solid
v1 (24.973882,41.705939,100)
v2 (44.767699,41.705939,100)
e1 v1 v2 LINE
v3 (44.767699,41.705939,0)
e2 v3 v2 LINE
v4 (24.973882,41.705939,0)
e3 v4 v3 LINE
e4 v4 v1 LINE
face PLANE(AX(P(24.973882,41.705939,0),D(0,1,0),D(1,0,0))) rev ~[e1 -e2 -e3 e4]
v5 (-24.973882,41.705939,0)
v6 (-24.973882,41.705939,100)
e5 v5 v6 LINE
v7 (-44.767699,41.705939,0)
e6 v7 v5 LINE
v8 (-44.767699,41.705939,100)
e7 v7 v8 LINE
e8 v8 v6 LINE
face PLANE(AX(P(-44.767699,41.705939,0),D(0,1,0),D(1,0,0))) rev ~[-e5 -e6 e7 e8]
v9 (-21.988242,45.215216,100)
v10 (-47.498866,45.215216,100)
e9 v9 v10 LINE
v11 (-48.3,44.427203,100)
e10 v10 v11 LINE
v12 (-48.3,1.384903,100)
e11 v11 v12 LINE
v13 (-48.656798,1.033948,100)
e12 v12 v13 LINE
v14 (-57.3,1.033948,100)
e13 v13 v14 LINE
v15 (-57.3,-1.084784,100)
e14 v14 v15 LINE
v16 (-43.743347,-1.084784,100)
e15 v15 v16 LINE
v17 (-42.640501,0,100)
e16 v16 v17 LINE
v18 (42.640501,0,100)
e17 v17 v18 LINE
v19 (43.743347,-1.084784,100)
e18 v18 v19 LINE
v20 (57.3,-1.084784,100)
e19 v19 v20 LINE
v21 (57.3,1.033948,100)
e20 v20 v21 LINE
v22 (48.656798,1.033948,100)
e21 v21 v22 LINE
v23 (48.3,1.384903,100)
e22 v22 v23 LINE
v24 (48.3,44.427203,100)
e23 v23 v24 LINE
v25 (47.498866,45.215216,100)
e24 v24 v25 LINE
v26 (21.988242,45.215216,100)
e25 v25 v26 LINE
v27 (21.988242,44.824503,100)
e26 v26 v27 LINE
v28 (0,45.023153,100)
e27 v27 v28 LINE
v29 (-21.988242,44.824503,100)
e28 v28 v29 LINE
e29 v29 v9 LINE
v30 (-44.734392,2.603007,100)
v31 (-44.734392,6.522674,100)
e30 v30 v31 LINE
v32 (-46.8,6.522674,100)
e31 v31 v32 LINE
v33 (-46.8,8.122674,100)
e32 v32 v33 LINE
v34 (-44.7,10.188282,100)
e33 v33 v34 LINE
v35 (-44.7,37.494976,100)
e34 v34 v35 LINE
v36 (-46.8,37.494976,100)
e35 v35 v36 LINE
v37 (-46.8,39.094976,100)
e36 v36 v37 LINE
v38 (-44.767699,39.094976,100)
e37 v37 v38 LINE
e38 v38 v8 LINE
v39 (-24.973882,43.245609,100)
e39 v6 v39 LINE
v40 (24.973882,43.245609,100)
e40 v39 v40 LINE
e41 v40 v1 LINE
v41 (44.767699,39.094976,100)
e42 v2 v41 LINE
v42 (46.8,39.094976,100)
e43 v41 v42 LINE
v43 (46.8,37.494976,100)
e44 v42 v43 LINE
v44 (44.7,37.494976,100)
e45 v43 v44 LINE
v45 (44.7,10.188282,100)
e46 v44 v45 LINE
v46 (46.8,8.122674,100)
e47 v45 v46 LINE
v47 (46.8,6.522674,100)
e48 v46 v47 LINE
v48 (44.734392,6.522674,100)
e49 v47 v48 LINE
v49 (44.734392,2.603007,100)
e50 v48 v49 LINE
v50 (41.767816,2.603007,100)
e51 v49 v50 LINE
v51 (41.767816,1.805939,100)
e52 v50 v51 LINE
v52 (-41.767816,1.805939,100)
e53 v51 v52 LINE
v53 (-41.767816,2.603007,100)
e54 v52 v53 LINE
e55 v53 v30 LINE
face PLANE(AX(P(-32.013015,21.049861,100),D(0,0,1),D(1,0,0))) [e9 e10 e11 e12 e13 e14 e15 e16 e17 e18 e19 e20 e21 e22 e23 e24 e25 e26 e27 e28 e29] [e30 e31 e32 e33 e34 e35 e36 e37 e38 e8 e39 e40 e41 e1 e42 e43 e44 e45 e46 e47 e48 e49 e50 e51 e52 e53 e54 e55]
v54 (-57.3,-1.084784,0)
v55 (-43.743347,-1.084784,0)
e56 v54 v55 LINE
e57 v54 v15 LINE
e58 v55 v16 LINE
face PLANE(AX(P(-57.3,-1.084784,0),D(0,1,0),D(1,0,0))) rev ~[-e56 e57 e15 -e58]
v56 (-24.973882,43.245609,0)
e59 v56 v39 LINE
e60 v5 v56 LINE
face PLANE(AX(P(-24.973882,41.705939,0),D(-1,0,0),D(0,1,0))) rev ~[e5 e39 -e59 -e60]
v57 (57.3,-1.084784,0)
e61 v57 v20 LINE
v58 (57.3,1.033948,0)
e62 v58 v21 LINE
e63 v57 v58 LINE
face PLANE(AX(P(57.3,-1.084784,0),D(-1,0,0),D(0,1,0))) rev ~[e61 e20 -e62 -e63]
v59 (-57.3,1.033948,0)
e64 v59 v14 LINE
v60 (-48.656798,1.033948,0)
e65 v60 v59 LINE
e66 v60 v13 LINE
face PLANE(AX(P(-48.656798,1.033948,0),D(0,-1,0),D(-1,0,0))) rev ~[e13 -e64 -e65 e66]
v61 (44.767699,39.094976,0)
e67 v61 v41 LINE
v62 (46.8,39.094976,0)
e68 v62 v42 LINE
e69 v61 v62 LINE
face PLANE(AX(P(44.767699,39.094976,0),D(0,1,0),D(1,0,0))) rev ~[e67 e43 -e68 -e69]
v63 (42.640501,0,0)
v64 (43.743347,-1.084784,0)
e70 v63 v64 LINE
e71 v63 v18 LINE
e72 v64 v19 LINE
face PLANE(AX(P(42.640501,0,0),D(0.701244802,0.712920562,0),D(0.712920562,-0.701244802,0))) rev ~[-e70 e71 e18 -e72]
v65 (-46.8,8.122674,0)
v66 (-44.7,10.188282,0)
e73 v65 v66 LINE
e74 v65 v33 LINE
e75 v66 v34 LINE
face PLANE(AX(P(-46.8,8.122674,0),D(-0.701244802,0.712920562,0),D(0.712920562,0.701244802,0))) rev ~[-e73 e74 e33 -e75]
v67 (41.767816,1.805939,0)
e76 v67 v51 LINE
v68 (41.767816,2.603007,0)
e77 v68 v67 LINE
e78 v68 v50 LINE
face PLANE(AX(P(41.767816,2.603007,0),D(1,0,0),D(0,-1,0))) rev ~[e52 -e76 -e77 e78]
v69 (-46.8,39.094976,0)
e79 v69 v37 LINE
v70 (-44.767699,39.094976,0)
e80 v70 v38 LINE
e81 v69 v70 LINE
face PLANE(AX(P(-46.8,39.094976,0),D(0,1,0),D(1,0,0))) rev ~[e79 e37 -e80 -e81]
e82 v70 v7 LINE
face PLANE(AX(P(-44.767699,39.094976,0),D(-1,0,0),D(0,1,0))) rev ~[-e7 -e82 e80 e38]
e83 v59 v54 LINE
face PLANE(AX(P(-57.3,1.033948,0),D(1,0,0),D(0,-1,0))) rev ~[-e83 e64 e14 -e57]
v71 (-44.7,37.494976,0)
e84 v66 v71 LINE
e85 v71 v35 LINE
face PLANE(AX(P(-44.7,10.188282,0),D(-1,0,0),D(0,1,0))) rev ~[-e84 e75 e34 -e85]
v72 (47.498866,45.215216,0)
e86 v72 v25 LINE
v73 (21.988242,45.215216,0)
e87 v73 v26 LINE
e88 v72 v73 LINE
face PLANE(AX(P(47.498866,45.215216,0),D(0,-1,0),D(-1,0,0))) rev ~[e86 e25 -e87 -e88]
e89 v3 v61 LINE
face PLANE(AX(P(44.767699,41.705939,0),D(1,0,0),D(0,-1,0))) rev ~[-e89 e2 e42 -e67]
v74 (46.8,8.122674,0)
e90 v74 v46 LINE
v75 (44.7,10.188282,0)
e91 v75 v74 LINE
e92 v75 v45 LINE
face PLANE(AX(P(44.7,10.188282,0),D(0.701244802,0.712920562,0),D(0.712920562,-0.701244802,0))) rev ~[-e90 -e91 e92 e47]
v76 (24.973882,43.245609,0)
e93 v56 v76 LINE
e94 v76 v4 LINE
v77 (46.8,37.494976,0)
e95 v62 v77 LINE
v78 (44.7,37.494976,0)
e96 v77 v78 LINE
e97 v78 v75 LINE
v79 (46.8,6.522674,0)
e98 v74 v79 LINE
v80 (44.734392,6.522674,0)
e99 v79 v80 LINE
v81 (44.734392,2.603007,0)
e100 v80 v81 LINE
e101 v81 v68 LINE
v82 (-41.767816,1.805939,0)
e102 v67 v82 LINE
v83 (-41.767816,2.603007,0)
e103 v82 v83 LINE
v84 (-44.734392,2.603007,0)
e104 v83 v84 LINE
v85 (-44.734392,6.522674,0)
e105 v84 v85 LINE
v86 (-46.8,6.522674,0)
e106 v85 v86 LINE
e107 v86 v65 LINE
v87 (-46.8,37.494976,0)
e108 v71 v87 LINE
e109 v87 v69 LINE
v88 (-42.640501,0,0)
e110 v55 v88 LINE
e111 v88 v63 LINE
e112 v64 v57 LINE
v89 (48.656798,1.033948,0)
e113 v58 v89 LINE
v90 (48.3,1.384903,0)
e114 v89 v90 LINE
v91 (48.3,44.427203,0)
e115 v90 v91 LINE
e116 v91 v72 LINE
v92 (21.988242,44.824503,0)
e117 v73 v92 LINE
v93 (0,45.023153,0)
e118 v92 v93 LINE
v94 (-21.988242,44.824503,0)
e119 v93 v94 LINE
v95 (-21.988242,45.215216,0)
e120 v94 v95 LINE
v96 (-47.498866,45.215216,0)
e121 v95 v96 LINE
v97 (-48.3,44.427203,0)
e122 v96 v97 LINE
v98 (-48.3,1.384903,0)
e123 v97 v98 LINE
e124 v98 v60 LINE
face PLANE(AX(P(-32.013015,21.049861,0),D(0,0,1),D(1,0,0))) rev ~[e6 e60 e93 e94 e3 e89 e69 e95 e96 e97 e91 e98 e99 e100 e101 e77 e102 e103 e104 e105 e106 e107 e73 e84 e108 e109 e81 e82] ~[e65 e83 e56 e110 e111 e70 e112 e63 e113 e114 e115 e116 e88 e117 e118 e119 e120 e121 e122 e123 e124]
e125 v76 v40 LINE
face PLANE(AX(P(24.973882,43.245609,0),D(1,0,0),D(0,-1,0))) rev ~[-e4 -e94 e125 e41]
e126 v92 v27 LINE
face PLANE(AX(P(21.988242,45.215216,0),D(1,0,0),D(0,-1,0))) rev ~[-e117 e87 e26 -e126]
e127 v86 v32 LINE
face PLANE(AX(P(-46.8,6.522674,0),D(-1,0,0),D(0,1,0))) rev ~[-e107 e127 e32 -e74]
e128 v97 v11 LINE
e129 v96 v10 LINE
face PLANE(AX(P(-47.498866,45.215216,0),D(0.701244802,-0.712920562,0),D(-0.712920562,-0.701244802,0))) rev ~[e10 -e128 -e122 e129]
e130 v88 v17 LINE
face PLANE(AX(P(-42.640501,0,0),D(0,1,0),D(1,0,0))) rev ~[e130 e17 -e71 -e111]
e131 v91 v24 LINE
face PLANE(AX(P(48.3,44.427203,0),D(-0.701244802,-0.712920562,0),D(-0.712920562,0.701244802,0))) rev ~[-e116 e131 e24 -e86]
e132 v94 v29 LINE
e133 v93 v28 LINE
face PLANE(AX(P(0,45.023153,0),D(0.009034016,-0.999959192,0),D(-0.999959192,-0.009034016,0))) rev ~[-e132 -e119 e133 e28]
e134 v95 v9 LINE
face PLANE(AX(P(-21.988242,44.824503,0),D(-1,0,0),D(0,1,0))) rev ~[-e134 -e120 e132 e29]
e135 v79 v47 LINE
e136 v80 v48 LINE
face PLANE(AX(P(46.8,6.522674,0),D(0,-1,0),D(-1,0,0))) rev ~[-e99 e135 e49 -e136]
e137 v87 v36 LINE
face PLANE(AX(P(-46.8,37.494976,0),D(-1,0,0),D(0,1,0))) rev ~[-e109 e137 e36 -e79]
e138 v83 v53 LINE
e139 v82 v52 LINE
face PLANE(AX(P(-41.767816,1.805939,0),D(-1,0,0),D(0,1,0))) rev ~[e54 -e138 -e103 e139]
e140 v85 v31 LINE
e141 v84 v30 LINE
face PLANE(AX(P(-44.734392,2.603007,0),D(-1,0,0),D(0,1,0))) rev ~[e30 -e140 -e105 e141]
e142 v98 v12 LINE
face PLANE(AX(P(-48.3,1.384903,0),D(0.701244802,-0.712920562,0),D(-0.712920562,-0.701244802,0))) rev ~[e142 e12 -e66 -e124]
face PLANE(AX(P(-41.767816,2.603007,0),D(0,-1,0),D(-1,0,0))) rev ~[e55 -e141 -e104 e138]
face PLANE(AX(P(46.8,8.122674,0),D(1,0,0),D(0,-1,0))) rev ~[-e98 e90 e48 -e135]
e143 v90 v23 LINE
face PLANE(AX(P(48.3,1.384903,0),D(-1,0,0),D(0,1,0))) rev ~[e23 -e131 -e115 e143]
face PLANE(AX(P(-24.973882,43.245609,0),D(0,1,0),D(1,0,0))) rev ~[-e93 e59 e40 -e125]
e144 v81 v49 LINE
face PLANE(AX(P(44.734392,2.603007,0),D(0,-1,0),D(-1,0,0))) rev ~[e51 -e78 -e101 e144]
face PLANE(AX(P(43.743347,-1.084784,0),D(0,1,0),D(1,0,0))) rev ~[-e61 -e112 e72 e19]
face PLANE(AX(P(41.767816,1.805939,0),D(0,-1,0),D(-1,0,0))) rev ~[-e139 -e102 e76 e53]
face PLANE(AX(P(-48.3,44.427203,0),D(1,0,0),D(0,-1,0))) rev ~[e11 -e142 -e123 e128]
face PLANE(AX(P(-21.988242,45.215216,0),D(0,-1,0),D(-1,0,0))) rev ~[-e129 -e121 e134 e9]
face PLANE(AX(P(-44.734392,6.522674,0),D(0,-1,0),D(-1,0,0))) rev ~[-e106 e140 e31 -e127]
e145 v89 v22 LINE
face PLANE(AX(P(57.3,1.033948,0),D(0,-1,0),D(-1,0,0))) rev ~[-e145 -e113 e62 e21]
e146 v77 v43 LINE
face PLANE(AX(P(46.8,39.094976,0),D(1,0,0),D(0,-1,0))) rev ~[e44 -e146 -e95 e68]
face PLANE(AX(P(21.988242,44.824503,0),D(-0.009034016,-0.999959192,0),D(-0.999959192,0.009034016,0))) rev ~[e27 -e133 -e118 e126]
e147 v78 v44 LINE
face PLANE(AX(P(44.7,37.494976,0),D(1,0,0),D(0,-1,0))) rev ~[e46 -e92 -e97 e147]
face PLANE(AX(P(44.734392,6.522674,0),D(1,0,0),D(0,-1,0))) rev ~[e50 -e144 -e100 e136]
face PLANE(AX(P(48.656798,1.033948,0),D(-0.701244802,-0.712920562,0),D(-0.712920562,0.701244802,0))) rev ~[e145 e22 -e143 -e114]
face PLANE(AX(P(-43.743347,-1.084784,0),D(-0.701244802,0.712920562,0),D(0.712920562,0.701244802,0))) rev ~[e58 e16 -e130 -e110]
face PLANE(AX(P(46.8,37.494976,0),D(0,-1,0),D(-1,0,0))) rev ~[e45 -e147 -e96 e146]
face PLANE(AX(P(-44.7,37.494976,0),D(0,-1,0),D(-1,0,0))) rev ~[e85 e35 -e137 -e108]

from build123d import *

# Parameters (mm, degrees)
BOSS_EXTRUDE1_DEPTH = 100


with BuildPart() as part:
    # Sketch1 → Boss-Extrude1 (new body)
    with BuildSketch(Plane.XY):
        Polygon((-42.640501462, 0), (0, 0), (0, 1.805938608), (-41.76781617, 1.805938608), (-41.76781617, 2.603006823), (-44.734392464, 2.603006823), (-44.734392464, 6.522673981), (-46.8, 6.522673981), (-46.8, 8.122673981), (-44.7, 10.188281516), (-44.7, 37.494976181), (-46.8, 37.494976181), (-46.8, 39.094976181), (-44.767698794, 39.094976181), (-44.767698794, 41.705938608), (-24.973882416, 41.705938608), (-24.973882416, 43.24560851), (0, 43.24560851), (0, 45.023153475), (-21.988241511, 44.824503247), (-21.988241511, 45.21521639), (-47.498865937, 45.21521639), (-48.3, 44.427202791), (-48.3, 1.384902814), (-48.656798132, 1.033948095), (-57.3, 1.033948095), (-57.3, -1.08478361), (-43.743346771, -1.08478361), align=None)
        Polygon((0, 0), (42.640501462, 0), (43.743346771, -1.08478361), (57.3, -1.08478361), (57.3, 1.033948095), (48.656798132, 1.033948095), (48.3, 1.384902814), (48.3, 44.427202791), (47.498865937, 45.21521639), (21.988241511, 45.21521639), (21.988241511, 44.824503247), (0, 45.023153475), (0, 43.24560851), (24.973882416, 43.24560851), (24.973882416, 41.705938608), (44.767698794, 41.705938608), (44.767698794, 39.094976181), (46.8, 39.094976181), (46.8, 37.494976181), (44.7, 37.494976181), (44.7, 10.188281516), (46.8, 8.122673981), (46.8, 6.522673981), (44.734392464, 6.522673981), (44.734392464, 2.603006823), (41.76781617, 2.603006823), (41.76781617, 1.805938608), (0, 1.805938608), align=None)
    extrude(amount=BOSS_EXTRUDE1_DEPTH)


solid = part.part
